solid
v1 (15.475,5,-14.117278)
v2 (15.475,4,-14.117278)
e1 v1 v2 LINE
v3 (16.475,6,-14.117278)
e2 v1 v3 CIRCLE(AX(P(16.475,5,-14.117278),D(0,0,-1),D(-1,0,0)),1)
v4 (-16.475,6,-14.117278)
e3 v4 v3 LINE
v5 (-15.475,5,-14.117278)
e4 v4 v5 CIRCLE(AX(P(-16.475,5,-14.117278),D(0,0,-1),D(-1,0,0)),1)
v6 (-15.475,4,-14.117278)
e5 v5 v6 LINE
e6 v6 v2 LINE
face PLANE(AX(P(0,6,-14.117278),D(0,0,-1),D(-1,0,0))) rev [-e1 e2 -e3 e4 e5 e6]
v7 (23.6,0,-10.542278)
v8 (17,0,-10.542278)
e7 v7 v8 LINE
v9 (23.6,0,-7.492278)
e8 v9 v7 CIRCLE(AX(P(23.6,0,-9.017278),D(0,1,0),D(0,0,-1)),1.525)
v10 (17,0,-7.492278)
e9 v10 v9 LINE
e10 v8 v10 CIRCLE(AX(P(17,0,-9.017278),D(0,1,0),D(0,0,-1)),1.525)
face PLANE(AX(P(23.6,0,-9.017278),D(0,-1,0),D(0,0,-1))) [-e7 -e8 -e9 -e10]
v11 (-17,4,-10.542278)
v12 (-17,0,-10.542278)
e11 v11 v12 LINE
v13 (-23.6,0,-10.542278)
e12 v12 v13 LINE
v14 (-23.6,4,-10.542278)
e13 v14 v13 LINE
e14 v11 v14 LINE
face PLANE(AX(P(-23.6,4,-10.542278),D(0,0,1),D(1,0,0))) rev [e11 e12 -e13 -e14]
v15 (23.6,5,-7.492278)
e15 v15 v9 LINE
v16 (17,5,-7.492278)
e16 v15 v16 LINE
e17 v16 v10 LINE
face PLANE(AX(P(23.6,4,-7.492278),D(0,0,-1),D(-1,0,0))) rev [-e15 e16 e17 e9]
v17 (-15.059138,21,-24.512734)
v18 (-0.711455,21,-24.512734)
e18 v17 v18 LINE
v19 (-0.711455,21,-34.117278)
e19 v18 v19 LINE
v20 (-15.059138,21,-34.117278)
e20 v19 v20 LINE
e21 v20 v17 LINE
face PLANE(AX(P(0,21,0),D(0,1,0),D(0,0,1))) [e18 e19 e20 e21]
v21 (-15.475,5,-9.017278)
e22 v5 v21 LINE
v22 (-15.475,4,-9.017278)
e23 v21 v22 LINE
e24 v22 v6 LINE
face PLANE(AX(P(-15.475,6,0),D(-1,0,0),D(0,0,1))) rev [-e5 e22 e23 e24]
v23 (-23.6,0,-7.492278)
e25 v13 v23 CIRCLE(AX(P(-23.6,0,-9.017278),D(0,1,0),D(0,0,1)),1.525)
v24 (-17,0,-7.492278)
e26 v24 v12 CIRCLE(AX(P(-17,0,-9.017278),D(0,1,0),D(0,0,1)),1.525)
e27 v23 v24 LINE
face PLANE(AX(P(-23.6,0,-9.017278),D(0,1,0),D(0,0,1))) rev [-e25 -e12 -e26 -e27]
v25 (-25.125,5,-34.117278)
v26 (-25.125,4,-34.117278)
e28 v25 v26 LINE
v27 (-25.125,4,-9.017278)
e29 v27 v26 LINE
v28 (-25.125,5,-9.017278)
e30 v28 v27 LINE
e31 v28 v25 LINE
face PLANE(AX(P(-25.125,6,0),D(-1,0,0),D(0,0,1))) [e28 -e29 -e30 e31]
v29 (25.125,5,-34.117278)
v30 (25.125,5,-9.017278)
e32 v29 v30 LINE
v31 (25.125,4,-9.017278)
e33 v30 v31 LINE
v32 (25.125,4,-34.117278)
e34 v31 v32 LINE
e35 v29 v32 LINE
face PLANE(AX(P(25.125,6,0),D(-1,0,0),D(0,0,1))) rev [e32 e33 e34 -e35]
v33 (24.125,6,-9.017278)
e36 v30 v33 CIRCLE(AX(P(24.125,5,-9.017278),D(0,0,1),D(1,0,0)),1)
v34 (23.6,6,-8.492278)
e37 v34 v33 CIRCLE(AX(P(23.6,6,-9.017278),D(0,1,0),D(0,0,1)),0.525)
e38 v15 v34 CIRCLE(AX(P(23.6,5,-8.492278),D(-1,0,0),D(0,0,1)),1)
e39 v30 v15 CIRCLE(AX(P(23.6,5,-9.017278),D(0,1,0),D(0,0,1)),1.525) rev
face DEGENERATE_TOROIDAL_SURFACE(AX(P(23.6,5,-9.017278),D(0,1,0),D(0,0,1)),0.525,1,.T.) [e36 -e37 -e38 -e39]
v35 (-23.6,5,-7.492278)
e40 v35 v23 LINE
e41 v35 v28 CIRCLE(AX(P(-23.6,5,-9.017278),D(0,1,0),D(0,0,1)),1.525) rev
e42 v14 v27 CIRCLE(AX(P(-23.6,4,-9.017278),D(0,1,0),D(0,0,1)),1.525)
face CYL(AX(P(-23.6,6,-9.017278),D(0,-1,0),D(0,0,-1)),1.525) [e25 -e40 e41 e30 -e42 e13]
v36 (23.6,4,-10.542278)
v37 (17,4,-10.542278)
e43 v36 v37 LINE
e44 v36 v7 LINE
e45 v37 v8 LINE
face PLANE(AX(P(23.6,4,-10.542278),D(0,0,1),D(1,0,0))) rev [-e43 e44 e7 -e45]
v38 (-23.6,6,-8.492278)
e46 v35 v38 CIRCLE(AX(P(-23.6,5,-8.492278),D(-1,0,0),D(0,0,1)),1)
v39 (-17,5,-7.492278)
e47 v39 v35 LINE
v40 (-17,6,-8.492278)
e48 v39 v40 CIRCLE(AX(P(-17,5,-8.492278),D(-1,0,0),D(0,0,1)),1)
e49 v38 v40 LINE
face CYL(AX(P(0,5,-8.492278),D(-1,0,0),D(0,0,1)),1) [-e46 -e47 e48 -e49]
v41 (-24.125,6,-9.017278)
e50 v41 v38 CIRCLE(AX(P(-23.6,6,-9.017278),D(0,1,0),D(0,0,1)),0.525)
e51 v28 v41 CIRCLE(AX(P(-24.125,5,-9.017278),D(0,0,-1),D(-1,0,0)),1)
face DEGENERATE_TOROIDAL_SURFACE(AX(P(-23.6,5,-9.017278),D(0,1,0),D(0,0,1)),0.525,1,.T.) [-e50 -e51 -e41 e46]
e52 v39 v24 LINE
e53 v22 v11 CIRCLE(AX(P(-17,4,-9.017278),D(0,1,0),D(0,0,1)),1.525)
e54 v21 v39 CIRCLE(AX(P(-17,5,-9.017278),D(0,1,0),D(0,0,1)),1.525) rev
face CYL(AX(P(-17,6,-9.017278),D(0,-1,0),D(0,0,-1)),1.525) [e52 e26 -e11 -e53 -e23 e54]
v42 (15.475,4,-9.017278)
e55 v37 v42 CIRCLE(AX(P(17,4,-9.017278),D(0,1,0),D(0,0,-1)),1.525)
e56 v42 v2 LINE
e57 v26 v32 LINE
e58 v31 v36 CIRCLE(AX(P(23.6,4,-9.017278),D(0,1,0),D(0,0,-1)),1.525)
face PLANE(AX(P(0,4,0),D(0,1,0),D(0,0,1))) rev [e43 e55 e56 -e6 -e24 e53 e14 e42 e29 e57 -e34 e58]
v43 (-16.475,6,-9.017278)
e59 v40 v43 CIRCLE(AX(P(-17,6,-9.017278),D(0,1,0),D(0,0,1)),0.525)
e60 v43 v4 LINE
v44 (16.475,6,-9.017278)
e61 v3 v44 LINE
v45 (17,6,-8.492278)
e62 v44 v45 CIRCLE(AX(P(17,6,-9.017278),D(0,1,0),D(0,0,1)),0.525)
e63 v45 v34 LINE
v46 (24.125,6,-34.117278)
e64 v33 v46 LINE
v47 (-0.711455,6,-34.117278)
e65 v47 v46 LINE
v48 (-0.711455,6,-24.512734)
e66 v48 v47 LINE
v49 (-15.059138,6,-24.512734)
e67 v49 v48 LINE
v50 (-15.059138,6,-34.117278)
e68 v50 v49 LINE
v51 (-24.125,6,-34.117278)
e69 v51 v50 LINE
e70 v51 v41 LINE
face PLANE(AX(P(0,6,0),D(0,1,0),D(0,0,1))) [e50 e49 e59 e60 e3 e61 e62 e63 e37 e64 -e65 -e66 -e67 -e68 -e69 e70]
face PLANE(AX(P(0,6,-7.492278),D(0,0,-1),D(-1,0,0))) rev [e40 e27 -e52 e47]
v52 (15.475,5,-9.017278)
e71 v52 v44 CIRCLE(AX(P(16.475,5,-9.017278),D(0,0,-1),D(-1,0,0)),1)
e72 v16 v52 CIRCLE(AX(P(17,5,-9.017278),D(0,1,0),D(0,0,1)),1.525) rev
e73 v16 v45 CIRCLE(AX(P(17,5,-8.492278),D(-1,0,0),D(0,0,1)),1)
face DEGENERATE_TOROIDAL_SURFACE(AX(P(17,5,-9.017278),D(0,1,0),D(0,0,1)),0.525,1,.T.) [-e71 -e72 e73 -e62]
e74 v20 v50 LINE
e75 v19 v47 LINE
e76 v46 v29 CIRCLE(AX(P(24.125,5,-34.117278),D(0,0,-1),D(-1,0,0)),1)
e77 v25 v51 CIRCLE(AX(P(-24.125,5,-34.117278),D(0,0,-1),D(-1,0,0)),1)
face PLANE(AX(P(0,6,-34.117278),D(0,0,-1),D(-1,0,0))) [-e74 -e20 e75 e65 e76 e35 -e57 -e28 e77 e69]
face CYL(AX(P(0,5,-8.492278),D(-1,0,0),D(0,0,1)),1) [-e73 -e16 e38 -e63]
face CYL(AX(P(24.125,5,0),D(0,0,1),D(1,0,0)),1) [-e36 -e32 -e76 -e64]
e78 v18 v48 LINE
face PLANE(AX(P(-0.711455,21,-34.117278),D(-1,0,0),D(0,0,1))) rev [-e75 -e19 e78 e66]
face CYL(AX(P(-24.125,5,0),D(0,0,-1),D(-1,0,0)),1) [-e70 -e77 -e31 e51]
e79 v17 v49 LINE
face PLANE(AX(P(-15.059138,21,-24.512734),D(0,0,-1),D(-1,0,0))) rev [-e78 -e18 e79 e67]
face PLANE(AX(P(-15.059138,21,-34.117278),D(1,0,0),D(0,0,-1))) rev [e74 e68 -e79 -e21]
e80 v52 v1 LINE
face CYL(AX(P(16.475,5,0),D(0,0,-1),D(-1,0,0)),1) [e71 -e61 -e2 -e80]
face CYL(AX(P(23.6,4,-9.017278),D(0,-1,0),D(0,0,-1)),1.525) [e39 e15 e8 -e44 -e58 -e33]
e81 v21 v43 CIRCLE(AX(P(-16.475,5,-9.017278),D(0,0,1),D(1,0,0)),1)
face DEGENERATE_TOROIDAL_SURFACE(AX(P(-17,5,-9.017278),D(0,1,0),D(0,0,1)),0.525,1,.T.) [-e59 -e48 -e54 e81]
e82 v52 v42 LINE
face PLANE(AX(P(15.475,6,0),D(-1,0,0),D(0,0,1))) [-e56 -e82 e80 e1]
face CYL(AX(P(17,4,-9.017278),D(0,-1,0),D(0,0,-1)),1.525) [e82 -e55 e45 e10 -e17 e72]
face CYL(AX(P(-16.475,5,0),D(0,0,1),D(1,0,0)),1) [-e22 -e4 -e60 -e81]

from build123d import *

# Parameters (mm, degrees)
BOSS_EXTRUDE1_DEPTH   = 4
BOSS_EXTRUDE1_2_DEPTH = 4
BOSS_EXTRUDE3_DEPTH   = 2
FILLET2_R             = 1
SKETCH4_W             = 14.347682942
SKETCH4_H             = 9.604544397
BOSS_EXTRUDE4_DEPTH   = 15


with BuildPart() as part:
    # Sketch1 → Boss-Extrude1 (new body)
    with BuildSketch(Plane(origin=(0, 0, 0), x_dir=(1, 0, 0), z_dir=(0, 1, 0))):
        with BuildLine():
            Line((-23.6, 10.542278437), (-17, 10.542278437))
            ThreePointArc((-17, 10.542278437), (-15.475, 9.017278437), (-17, 7.492278437))
            Line((-17, 7.492278437), (-23.6, 7.492278437))
            ThreePointArc((-23.6, 7.492278437), (-25.125, 9.017278437), (-23.6, 10.542278437))
        make_face()
    extrude(amount=BOSS_EXTRUDE1_DEPTH)



with BuildPart() as body_2:
    # Sketch1 → Boss-Extrude1 2 (new body)
    with BuildSketch(Plane(origin=(0, 0, 0), x_dir=(1, 0, 0), z_dir=(0, 1, 0))):
        with BuildLine():
            Line((23.6, 7.492278437), (17, 7.492278437))
            ThreePointArc((17, 7.492278437), (15.475, 9.017278437), (17, 10.542278437))
            Line((17, 10.542278437), (23.6, 10.542278437))
            ThreePointArc((23.6, 10.542278437), (25.125, 9.017278437), (23.6, 7.492278437))
        make_face()
    extrude(amount=BOSS_EXTRUDE1_2_DEPTH)


with BuildPart() as part_1:
    add(part.part)

    add(body_2.part)  # Boss-Extrude3 merges body 2
    # Sketch3 → Boss-Extrude3 (add)
    with BuildSketch(Plane(origin=(0, 4, 0), x_dir=(1, 0, 0), z_dir=(0, 1, 0))):
        with BuildLine():
            ThreePointArc((15.475, 9.017278437), (15.921662159, 7.938940596), (17, 7.492278437))
            Line((17, 7.492278437), (23.6, 7.492278437))
            ThreePointArc((23.6, 7.492278437), (24.678337841, 7.938940596), (25.125, 9.017278437))
            Line((25.125, 9.017278437), (25.125, 17.305889592))
            Line((25.125, 17.305889592), (25.125, 34.117278437))
            Line((25.125, 34.117278437), (-25.125, 34.117278437))
            Line((-25.125, 34.117278437), (-25.125, 17.305889592))
            Line((-25.125, 17.305889592), (-25.125, 9.017278437))
            ThreePointArc((-25.125, 9.017278437), (-24.678337841, 10.095616278), (-23.6, 10.542278437))
            Line((-23.6, 10.542278437), (-17, 10.542278437))
            ThreePointArc((-17, 10.542278437), (-15.921662159, 10.095616278), (-15.475, 9.017278437))
            Line((-15.475, 9.017278437), (-15.475, 14.117278437))
            Line((-15.475, 14.117278437), (15.475, 14.117278437))
            Line((15.475, 14.117278437), (15.475, 9.017278437))
        make_face()
        with BuildLine():
            Line((-17, 10.542278437), (-23.6, 10.542278437))
            ThreePointArc((-23.6, 10.542278437), (-25.125, 9.017278437), (-23.6, 7.492278437))
            Line((-23.6, 7.492278437), (-17, 7.492278437))
            ThreePointArc((-17, 7.492278437), (-15.475, 9.017278437), (-17, 10.542278437))
        make_face()
    extrude(amount=BOSS_EXTRUDE3_DEPTH)

    # Fillet2
    fillet2_edges = [part_1.edges().sort_by_distance(p)[0] for p in [
        (-25.125, 6, -21.567278437),
        (15.475, 6, -11.567278437),
        (-24.678337841, 6, -7.938940596),
        (-20.3, 6, -7.492278437),
        (-15.921662159, 6, -7.938940596),
        (-15.475, 6, -11.567278437),
        (15.921662159, 6, -7.938940596),
        (20.3, 6, -7.492278437),
        (24.678337841, 6, -7.938940596),
        (25.125, 6, -21.567278437),
    ]]
    fillet(fillet2_edges, radius=FILLET2_R)

    # Sketch4 → Boss-Extrude4 (add)
    with BuildSketch(Plane(origin=(0, 6, 0), x_dir=(1, 0, 0), z_dir=(0, 1, 0))):
        with Locations((-7.885296824, 29.315006239)):
            Rectangle(SKETCH4_W, SKETCH4_H)
    extrude(amount=BOSS_EXTRUDE4_DEPTH)


solid = part_1.part
